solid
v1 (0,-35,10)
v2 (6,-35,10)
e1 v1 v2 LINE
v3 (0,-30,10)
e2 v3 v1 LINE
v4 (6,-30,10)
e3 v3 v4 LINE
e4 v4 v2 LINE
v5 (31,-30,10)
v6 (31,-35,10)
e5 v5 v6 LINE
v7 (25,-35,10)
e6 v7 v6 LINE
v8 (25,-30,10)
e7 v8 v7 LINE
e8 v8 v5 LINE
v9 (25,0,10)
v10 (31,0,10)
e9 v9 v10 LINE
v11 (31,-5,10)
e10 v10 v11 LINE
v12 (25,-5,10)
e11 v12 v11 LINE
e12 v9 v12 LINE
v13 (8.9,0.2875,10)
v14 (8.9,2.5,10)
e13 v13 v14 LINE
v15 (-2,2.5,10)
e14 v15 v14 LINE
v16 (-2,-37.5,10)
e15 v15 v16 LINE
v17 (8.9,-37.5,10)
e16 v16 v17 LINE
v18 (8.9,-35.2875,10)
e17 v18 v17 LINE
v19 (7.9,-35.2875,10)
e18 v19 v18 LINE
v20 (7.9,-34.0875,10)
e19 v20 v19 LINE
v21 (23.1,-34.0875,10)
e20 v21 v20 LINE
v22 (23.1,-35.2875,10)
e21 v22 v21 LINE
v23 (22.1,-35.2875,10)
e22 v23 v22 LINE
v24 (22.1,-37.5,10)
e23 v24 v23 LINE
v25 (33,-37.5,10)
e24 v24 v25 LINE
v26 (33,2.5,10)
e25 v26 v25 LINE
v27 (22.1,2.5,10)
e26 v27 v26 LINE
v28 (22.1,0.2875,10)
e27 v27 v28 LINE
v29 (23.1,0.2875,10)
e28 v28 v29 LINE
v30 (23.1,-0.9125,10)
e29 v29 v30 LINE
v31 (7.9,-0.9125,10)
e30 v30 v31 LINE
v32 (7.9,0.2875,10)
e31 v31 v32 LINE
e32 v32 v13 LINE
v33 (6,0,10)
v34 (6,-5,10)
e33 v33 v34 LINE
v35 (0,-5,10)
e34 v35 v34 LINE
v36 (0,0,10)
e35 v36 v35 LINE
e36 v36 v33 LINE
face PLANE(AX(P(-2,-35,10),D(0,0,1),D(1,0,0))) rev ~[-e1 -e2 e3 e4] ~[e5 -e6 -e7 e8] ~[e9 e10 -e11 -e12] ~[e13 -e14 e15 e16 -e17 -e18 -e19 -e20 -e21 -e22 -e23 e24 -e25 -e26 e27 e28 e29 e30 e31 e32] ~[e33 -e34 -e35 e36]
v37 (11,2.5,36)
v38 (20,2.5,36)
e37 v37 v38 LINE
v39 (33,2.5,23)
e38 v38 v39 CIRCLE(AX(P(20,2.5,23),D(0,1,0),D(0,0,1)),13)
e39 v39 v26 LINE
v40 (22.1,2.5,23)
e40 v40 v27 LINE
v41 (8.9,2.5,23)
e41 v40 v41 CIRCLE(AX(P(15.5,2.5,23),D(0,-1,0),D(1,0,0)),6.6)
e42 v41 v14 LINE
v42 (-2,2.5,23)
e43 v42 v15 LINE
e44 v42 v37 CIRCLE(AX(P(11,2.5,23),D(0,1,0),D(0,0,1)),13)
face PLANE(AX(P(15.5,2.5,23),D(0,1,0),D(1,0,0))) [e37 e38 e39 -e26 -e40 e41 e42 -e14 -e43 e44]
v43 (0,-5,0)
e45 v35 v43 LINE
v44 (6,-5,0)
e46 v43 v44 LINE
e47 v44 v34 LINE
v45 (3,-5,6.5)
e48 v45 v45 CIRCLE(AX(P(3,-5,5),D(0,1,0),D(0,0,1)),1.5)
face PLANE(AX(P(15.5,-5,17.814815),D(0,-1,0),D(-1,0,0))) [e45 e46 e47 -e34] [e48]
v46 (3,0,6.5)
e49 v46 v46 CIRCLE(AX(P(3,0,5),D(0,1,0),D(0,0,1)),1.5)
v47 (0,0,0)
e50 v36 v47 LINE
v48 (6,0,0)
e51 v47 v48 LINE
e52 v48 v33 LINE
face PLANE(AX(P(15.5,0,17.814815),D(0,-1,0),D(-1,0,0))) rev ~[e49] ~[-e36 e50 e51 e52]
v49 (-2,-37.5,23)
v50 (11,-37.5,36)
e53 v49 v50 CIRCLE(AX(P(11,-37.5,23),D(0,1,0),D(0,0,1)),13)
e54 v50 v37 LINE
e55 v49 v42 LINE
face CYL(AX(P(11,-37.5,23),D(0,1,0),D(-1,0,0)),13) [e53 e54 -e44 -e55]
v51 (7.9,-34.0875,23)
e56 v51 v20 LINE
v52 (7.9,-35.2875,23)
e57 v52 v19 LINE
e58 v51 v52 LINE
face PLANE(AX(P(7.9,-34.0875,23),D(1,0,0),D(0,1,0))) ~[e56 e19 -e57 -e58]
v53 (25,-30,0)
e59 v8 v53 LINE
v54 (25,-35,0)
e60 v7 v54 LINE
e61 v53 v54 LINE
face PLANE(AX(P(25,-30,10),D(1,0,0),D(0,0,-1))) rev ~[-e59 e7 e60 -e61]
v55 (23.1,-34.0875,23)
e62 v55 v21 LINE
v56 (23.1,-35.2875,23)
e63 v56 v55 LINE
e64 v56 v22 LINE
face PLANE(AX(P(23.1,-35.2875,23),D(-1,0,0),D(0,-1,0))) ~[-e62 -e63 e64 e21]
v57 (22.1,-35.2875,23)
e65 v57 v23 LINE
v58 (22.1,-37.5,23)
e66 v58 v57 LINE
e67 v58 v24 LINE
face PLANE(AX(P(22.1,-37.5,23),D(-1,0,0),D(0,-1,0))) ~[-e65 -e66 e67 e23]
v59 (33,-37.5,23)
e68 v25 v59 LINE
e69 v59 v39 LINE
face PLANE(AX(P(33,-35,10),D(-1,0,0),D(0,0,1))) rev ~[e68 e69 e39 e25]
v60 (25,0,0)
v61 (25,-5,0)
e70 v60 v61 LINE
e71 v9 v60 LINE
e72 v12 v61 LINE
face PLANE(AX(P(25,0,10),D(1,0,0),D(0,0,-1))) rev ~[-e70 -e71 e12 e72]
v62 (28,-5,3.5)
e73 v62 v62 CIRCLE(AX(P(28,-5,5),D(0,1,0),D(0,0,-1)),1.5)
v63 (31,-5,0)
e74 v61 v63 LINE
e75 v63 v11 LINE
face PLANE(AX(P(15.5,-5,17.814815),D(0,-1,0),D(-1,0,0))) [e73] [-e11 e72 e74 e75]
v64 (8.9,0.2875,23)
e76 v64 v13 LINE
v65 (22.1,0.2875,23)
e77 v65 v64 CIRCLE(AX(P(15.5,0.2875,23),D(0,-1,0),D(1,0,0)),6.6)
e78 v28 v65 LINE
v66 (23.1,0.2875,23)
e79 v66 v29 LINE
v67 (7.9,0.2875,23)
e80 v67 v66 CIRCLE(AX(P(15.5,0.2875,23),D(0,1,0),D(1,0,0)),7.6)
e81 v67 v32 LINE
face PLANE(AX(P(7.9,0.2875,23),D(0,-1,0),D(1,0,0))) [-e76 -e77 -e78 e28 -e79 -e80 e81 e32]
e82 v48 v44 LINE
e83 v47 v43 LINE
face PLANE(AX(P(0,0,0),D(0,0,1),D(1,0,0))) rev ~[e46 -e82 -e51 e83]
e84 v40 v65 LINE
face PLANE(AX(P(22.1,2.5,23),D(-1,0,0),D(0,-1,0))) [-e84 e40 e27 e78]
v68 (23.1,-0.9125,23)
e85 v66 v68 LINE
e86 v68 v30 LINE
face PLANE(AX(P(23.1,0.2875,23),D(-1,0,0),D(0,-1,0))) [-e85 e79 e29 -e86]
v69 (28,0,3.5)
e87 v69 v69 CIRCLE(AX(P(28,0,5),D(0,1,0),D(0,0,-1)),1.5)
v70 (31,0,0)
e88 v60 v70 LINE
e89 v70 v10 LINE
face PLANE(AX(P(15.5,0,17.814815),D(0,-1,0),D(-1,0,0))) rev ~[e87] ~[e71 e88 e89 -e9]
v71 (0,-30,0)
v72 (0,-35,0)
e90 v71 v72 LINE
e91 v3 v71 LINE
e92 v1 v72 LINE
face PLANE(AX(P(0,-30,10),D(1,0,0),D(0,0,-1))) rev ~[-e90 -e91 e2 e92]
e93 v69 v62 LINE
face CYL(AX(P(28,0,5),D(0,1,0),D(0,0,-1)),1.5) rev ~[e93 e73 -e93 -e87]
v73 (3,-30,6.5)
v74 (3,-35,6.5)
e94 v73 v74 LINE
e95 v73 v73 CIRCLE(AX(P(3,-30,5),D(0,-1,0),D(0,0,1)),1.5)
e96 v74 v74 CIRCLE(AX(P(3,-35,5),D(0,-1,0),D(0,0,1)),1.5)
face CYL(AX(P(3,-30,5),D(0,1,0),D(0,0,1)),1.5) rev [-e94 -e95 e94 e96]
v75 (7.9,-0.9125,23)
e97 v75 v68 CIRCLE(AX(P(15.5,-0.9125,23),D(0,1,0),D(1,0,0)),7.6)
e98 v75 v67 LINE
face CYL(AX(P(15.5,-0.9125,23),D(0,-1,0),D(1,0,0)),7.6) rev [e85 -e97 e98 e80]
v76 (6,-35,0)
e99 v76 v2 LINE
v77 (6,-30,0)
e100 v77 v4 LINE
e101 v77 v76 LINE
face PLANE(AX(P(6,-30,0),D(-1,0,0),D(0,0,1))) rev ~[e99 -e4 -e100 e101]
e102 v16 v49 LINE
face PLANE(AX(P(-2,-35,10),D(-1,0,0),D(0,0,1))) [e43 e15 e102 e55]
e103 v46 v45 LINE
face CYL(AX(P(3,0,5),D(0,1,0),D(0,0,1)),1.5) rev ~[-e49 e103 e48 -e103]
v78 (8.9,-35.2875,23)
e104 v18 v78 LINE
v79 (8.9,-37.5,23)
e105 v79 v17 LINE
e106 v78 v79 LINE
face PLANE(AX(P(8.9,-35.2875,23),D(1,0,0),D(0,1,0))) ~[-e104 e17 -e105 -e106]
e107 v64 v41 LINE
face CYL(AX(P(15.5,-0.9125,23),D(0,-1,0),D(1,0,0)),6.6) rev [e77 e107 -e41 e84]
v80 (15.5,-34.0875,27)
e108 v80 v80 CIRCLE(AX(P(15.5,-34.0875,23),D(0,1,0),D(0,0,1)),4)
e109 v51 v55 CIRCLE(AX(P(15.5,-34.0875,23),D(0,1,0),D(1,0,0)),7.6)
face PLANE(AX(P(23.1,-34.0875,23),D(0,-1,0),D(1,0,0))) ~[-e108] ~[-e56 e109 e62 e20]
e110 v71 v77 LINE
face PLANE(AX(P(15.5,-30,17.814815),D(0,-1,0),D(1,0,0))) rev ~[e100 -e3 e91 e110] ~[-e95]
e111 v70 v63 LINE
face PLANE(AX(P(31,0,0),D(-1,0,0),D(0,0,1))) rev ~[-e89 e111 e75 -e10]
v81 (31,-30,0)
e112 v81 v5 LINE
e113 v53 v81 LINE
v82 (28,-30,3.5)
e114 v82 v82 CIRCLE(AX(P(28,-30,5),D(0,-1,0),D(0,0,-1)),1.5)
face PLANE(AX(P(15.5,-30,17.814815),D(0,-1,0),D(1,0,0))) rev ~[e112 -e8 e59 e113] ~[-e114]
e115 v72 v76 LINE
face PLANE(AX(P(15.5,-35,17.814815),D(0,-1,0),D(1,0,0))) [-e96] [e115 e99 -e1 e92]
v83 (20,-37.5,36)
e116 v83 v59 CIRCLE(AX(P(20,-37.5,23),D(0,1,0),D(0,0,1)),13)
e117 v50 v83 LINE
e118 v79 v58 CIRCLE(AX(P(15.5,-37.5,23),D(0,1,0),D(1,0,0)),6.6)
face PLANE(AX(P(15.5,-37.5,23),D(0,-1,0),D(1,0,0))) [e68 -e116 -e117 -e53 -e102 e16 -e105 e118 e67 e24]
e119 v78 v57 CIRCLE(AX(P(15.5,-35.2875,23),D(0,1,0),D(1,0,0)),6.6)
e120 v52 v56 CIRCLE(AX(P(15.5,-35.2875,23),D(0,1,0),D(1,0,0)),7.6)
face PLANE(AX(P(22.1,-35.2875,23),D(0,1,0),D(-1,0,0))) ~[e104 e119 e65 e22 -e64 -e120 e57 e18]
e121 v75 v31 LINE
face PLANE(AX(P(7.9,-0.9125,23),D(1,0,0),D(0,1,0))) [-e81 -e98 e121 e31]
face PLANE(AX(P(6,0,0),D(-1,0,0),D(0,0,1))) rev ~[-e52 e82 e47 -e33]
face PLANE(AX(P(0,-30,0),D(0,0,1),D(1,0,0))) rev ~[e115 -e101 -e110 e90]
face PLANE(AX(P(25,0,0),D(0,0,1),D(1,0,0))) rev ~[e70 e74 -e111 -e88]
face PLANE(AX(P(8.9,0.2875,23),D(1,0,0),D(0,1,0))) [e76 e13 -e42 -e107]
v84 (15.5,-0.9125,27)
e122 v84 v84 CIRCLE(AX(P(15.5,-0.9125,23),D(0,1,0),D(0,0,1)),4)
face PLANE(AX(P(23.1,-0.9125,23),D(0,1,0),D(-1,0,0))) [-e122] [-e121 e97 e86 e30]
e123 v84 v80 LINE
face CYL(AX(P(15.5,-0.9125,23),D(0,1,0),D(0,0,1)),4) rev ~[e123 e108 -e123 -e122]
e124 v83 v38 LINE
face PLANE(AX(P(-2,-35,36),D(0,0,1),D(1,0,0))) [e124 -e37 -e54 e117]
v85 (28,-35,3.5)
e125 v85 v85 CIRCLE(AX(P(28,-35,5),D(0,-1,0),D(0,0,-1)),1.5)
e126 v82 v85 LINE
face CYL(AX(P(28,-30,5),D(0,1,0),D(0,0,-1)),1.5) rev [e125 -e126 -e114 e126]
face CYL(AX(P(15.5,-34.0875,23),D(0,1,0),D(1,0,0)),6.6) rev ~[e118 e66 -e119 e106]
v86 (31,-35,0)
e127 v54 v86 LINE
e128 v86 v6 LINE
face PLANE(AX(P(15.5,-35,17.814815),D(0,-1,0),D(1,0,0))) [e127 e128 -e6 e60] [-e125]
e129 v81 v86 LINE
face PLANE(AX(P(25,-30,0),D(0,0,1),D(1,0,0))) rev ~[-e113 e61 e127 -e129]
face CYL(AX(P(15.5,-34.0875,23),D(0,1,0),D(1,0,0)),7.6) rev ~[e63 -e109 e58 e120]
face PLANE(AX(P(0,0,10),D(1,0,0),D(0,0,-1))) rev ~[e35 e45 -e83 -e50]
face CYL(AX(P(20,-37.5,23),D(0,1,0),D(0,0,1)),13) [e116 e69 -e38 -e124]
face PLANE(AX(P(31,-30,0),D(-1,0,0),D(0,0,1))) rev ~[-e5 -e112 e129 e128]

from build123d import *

# Parameters (mm, degrees)
SKETCH10_W           = 35
SKETCH10_H           = 26
BOSS_EXTRUDE4_DEPTH  = 2.5
SKETCH1_R            = 1.5
BOSS_EXTRUDE5_DEPTH  = 5
SKETCH11_W           = 35
SKETCH11_H           = 26
BOSS_EXTRUDE6_DEPTH  = 2.5
CUT_EXTRUDE1_START   = -13
CUT_EXTRUDE1_DEPTH   = 56.676105727
SKETCH4_R            = 7.6
CUT_EXTRUDE2_DEPTH   = 1.2
SKETCH5_R            = 6.6
CUT_EXTRUDE3_DEPTH   = 50.27874954
SKETCH12_W           = 35
SKETCH12_H           = 26
BOSS_EXTRUDE7_DEPTH  = 15
SKETCH13_W           = 35
SKETCH13_H           = 26
BOSS_EXTRUDE8_DEPTH  = 7.5
SKETCH14_R           = 1.5
BOSS_EXTRUDE9_DEPTH  = 5
SKETCH15_W           = 35
SKETCH15_H           = 26
BOSS_EXTRUDE10_DEPTH = 2.5
SKETCH8_R            = 4
CUT_EXTRUDE6_DEPTH   = 62.021677757
FILLET1_R            = 13


with BuildPart() as part:
    # Sketch10 → Boss-Extrude4 (new body)
    with BuildSketch(Plane(origin=(0, 0, 0), x_dir=(1, 0, 0), z_dir=(0, 1, 0))):
        with Locations((15.5, -23)):
            Rectangle(SKETCH10_W, SKETCH10_H)
    extrude(amount=BOSS_EXTRUDE4_DEPTH)

    # Sketch1 → Boss-Extrude5 (add)
    with BuildSketch(Plane(origin=(0, 0, 0), x_dir=(1, 0, 0), z_dir=(0, 1, 0))):
        Polygon((0, 0), (6, 0), (6, -10), (25, -10), (25, 0), (31, 0), (31, -10), (33, -10), (33, -36), (-2, -36), (-2, -10), (0, -10), align=None)
        with Locations(Location((3, -5, 0), (0, 0, 270))):
            Circle(SKETCH1_R, mode=Mode.SUBTRACT)
        with Locations(Location((28, -5, 0), (0, 0, 90))):
            Circle(SKETCH1_R, mode=Mode.SUBTRACT)
    extrude(amount=-BOSS_EXTRUDE5_DEPTH)

    # Sketch11 → Boss-Extrude6 (add)
    with BuildSketch(Plane.XZ.offset(5)):
        with Locations((15.5, 23)):
            Rectangle(SKETCH11_W, SKETCH11_H)
    extrude(amount=BOSS_EXTRUDE6_DEPTH)

    # Sketch3 → Cut-Extrude1 (cut)
    with BuildSketch(Plane(origin=(0, 0, 10), x_dir=(-1, 0, 0), z_dir=(0, 0, -1)).offset(CUT_EXTRUDE1_START)):
        Polygon((-22.1, 2.5), (-22.1, 0.2875), (-23.1, 0.2875), (-23.1, -0.9125), (-15.5, -0.9125), (-7.9, -0.9125), (-7.9, 0.2875), (-8.9, 0.2875), (-8.9, 2.5), align=None)
    cut_extrude1 = extrude(amount=CUT_EXTRUDE1_DEPTH, mode=Mode.SUBTRACT)

    # Sketch4 → Cut-Extrude2 (cut)
    with BuildSketch(Plane(origin=(0, -0.9125, 0), x_dir=(1, 0, 0), z_dir=(0, 1, 0))):
        with Locations((15.5, -23)):
            Circle(SKETCH4_R)
    cut_extrude2 = extrude(amount=CUT_EXTRUDE2_DEPTH, mode=Mode.SUBTRACT)

    # Sketch5 → Cut-Extrude3 (cut, through all)
    with BuildSketch(Plane(origin=(0, -0.9125, 0), x_dir=(1, 0, 0), z_dir=(0, 1, 0))):
        with Locations((15.5, -23)):
            Circle(SKETCH5_R)
    cut_extrude3 = extrude(amount=CUT_EXTRUDE3_DEPTH, mode=Mode.SUBTRACT)

    # Sketch12 → Boss-Extrude7 (add)
    with BuildSketch(Plane.XZ.offset(7.5)):
        with Locations((15.5, 23)):
            Rectangle(SKETCH12_W, SKETCH12_H)
    extrude(amount=BOSS_EXTRUDE7_DEPTH)

    # Sketch13 → Boss-Extrude8 (add)
    with BuildSketch(Plane.XZ.offset(22.5)):
        with Locations((15.5, 23)):
            Rectangle(SKETCH13_W, SKETCH13_H)
    extrude(amount=BOSS_EXTRUDE8_DEPTH)

    # Sketch14 → Boss-Extrude9 (add)
    with BuildSketch(Plane.XZ.offset(30)):
        Polygon((0, 0), (6, 0), (6, 10), (25, 10), (25, 0), (31, 0), (31, 10), (33, 10), (33, 36), (-2, 36), (-2, 10), (0, 10), align=None)
        with Locations(Location((3, 5, 0), (0, 0, 90))):
            Circle(SKETCH14_R, mode=Mode.SUBTRACT)
        with Locations(Location((28, 5, 0), (0, 0, 270))):
            Circle(SKETCH14_R, mode=Mode.SUBTRACT)
    extrude(amount=BOSS_EXTRUDE9_DEPTH)

    # Sketch15 → Boss-Extrude10 (add)
    with BuildSketch(Plane.XZ.offset(35)):
        with Locations((15.5, 23)):
            Rectangle(SKETCH15_W, SKETCH15_H)
    extrude(amount=BOSS_EXTRUDE10_DEPTH)

    # Mirror8: Cut-Extrude1, Cut-Extrude2, Cut-Extrude3 across plane
    add(cut_extrude1.mirror(Plane.ZX.offset(-17.5)), mode=Mode.SUBTRACT)
    add(cut_extrude2.mirror(Plane.ZX.offset(-17.5)), mode=Mode.SUBTRACT)
    add(cut_extrude3.mirror(Plane.ZX.offset(-17.5)), mode=Mode.SUBTRACT)

    # Sketch8 → Cut-Extrude6 (cut, through all)
    with BuildSketch(Plane(origin=(0, -0.9125, 0), x_dir=(1, 0, 0), z_dir=(0, 1, 0))):
        with Locations(Location((15.5, -23, 0), (0, 0, 270))):
            Circle(SKETCH8_R)
    extrude(amount=-CUT_EXTRUDE6_DEPTH, mode=Mode.SUBTRACT)

    # Fillet1
    fillet1_edges = [part.edges().sort_by_distance(p)[0] for p in [
        (33, -17.5, 36),
        (-2, -17.5, 36),
    ]]
    fillet(fillet1_edges, radius=FILLET1_R)


solid = part.part
